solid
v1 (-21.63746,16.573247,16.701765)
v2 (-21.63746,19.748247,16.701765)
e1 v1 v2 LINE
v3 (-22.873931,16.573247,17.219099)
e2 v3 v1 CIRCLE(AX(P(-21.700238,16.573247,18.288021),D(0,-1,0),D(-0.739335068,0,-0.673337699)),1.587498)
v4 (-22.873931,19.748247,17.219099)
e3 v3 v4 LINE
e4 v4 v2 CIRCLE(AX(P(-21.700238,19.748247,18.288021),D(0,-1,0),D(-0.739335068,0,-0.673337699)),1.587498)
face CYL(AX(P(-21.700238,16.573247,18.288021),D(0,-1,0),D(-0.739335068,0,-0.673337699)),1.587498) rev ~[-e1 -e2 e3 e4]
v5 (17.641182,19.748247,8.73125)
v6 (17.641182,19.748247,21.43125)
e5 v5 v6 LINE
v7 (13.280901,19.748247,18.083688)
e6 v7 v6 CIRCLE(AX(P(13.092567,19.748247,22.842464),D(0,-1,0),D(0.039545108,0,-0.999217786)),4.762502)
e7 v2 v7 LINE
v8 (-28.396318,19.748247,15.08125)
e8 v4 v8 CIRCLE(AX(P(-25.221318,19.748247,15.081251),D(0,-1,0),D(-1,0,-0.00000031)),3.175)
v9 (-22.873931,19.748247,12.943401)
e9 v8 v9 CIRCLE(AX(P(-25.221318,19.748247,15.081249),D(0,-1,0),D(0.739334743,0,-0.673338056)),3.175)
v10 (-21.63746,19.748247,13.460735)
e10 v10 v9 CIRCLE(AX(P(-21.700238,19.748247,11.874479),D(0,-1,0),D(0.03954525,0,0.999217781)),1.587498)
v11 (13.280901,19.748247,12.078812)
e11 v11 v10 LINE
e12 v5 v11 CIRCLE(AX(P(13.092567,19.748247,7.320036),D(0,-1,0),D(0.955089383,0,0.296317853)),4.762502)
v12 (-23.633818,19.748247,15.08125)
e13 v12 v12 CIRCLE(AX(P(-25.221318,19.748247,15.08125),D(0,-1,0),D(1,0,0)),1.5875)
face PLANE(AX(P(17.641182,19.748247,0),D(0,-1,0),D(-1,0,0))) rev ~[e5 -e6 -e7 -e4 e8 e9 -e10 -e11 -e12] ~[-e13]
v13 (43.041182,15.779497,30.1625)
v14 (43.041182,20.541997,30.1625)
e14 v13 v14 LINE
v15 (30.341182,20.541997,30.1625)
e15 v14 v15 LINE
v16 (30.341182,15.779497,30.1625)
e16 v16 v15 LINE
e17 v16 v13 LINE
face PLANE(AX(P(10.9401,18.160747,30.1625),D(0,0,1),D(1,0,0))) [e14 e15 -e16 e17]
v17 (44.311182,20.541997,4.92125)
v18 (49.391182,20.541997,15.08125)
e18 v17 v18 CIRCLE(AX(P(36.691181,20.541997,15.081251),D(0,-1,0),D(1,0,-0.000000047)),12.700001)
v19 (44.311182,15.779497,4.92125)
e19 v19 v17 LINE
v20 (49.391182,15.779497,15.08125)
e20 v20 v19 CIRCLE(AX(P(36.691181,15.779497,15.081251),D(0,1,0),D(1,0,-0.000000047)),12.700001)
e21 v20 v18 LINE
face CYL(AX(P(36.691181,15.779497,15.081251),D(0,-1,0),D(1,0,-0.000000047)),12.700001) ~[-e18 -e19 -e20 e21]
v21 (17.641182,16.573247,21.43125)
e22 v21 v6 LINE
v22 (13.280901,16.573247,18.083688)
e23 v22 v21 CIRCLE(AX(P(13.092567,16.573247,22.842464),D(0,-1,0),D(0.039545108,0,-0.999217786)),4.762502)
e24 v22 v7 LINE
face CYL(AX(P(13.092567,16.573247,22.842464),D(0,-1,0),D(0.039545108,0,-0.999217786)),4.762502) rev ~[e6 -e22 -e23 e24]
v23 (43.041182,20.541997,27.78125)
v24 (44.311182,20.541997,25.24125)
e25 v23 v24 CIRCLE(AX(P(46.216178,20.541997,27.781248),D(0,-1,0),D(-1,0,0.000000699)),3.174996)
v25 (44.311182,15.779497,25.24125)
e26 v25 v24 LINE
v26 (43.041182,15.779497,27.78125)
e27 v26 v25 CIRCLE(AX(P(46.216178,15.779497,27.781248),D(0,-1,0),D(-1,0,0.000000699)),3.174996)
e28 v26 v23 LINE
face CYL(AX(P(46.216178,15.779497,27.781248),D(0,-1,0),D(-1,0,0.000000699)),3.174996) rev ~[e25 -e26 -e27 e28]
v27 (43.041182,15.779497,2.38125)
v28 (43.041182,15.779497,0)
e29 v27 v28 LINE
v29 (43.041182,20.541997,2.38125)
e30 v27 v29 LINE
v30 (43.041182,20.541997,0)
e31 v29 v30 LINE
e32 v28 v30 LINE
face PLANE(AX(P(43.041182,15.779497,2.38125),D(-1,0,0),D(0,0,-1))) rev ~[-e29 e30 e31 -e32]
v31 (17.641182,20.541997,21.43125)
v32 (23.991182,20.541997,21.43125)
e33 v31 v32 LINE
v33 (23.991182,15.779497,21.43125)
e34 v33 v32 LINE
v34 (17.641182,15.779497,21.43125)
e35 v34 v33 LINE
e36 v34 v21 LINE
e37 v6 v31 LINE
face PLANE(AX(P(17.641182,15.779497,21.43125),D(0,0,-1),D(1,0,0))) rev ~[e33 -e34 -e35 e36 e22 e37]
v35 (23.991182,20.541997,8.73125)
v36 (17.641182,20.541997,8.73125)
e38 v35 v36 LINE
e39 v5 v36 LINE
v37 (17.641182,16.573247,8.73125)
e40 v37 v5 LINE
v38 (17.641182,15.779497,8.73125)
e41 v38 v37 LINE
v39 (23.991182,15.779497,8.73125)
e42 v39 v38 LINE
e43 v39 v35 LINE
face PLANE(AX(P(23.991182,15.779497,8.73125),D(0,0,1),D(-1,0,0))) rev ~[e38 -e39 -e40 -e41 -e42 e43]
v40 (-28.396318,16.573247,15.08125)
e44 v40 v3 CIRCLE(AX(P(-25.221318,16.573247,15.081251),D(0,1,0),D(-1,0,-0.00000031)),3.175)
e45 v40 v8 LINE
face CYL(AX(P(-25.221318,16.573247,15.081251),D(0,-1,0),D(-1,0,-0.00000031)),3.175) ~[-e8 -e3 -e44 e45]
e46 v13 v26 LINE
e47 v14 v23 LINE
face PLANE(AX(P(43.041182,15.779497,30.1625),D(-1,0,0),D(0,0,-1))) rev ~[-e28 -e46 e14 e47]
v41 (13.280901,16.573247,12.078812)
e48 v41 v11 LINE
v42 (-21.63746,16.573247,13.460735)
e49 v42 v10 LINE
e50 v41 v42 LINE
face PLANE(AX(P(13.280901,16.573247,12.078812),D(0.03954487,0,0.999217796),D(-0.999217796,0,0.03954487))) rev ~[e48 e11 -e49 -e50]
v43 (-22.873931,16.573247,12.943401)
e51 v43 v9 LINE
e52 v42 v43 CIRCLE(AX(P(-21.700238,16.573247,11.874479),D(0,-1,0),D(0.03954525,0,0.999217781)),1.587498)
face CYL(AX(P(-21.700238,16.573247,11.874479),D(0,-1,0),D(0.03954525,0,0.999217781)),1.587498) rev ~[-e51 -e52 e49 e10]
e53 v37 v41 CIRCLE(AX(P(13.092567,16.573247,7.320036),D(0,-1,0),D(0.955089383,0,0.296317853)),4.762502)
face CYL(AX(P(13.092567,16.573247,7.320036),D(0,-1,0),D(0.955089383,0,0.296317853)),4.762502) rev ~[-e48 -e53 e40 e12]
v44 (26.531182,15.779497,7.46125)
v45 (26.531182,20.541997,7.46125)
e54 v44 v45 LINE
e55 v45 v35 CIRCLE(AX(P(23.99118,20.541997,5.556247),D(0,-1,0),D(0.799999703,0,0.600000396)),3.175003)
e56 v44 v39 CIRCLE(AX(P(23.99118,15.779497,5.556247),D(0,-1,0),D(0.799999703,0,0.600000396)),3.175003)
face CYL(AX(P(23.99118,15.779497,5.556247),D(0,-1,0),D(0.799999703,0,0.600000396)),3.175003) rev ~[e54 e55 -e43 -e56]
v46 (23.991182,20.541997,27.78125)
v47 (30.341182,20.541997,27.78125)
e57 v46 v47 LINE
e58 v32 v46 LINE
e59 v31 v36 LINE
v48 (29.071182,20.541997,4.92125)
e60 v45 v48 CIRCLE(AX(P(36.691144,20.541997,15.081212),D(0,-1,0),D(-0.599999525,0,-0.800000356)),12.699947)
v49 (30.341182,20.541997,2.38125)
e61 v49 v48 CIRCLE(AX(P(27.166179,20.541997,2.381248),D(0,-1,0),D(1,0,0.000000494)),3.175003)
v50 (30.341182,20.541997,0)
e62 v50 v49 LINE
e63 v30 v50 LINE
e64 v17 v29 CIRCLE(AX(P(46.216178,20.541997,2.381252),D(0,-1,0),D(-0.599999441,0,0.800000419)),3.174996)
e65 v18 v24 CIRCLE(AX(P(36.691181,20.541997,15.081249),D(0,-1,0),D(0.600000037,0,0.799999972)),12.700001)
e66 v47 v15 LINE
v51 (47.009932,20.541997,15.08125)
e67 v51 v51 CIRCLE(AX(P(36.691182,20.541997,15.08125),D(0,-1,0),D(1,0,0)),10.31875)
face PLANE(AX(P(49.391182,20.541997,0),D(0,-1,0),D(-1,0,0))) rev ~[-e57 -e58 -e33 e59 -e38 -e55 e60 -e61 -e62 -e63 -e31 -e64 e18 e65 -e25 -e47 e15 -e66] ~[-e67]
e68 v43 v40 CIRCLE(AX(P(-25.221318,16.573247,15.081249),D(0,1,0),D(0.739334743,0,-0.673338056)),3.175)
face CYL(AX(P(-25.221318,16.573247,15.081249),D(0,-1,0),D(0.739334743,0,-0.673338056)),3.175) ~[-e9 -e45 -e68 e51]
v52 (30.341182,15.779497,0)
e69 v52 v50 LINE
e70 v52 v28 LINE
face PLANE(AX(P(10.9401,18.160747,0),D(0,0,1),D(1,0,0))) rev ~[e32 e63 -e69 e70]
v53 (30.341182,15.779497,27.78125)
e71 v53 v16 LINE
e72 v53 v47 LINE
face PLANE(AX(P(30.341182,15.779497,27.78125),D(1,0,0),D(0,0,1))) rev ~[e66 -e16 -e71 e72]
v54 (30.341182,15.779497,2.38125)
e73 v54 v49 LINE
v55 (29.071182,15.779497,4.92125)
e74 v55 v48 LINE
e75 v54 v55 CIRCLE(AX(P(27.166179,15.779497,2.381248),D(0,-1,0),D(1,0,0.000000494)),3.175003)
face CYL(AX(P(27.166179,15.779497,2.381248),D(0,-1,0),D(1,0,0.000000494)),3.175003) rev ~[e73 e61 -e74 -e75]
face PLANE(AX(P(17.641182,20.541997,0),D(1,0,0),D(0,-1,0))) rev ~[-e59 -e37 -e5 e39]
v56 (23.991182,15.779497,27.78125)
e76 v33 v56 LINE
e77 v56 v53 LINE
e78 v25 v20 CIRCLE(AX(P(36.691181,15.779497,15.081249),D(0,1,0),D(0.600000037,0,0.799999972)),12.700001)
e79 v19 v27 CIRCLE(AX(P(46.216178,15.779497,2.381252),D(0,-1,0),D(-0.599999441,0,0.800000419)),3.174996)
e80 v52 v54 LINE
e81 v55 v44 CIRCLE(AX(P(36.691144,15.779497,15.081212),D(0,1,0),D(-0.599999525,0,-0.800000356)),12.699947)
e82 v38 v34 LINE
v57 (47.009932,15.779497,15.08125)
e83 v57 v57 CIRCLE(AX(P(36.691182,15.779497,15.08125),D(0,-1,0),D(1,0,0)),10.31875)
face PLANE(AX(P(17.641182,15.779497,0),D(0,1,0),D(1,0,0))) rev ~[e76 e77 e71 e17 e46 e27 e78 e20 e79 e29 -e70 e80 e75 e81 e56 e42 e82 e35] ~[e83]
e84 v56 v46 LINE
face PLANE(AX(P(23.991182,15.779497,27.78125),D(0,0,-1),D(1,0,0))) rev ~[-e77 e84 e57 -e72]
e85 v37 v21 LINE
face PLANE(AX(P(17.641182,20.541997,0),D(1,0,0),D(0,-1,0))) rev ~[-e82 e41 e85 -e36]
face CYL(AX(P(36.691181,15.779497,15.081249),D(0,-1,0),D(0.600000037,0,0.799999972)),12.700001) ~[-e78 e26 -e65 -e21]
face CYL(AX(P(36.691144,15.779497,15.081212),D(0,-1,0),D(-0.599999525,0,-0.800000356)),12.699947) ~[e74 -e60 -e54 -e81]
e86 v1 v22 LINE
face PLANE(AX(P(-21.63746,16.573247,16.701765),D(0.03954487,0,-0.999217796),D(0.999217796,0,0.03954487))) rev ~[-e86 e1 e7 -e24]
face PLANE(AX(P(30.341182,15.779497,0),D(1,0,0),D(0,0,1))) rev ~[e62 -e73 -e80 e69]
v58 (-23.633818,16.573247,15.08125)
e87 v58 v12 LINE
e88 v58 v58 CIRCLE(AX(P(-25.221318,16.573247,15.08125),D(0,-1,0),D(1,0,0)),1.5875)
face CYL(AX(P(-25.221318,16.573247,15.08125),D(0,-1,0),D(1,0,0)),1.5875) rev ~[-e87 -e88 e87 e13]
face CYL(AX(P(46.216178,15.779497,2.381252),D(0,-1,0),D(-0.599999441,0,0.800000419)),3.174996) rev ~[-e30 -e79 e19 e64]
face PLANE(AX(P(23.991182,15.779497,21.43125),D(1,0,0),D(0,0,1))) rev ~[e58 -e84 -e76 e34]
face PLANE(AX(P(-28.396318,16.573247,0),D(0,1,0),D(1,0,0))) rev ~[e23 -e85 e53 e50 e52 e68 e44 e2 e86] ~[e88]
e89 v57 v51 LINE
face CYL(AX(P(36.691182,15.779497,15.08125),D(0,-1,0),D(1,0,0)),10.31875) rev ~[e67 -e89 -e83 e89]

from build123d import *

# Parameters (mm, degrees)
F1_DEPTH = 30.1625
F2_R     = 1.5875
F3_DEPTH = 25.4
F4_R     = 1.5875
F4_R_2   = 10.31875
F5_DEPTH = 25.4


with BuildPart() as f1:
    # F0 (on Top) → F1 (new body)
    with BuildSketch(Plane.XY):
        Polygon((17.641182, 19.748247), (-28.396318, 19.748247), (-28.396318, 16.573247), (17.641182, 16.573247), (17.641182, 15.779497), (49.391182, 15.779497), (49.391182, 20.541997), (17.641182, 20.541997), align=None)
    extrude(amount=F1_DEPTH)

    # F2 (on face) → F3 (cut)
    with BuildSketch(Plane.XZ.offset(-16.573247)):
        with Locations((-25.221318, 15.08125)):
            Circle(F2_R)
        with BuildLine():
            ThreePointArc((-28.396318, 15.08125), (-26.367545, 18.042127), (-22.873931, 17.219099))
            ThreePointArc((-22.873931, 17.219099), (-22.312971, 16.823539), (-21.63746, 16.701765))
            Line((-21.63746, 16.701765), (13.280901, 18.083688))
            ThreePointArc((13.280901, 18.083688), (15.992776, 19.064871), (17.641182, 21.43125))
            Line((17.641182, 21.43125), (17.641182, 30.1625))
            Line((17.641182, 30.1625), (-28.396318, 30.1625))
            Line((-28.396318, 30.1625), (-28.396318, 15.08125))
        make_face()
        with BuildLine():
            ThreePointArc((-21.63746, 13.460735), (-22.312971, 13.338961), (-22.873931, 12.943401))
            ThreePointArc((-22.873931, 12.943401), (-26.367545, 12.120373), (-28.396318, 15.08125))
            Line((-28.396318, 15.08125), (-28.396318, 0))
            Line((-28.396318, 0), (17.641182, 0))
            Line((17.641182, 0), (17.641182, 8.73125))
            ThreePointArc((17.641182, 8.73125), (15.992776, 11.097629), (13.280901, 12.078812))
            Line((13.280901, 12.078812), (-21.63746, 13.460735))
        make_face()
    extrude(amount=-F3_DEPTH, mode=Mode.SUBTRACT)

    # F4 (on face) → F5 (cut)
    with BuildSketch(Plane.XZ.offset(-15.779497)):
        with Locations((-25.221318, 15.08125)):
            Circle(F4_R)
        with BuildLine():
            ThreePointArc((44.311182, 25.24125), (48.050407, 20.760863), (49.391182, 15.08125))
            Line((49.391182, 15.08125), (49.391182, 30.1625))
            Line((49.391182, 30.1625), (43.041182, 30.1625))
            Line((43.041182, 30.1625), (43.041182, 27.78125))
            ThreePointArc((43.041182, 27.78125), (43.376375, 26.361347), (44.311182, 25.24125))
        make_face()
        Polygon((30.341182, 27.78125), (30.341182, 30.1625), (17.641182, 30.1625), (17.641182, 21.43125), (23.991182, 21.43125), (23.991182, 27.78125), align=None)
        with BuildLine():
            Line((49.391182, 0), (49.391182, 15.08125))
            ThreePointArc((49.391182, 15.08125), (48.050407, 9.401637), (44.311182, 4.92125))
            ThreePointArc((44.311182, 4.92125), (43.376375, 3.801153), (43.041182, 2.38125))
            Line((43.041182, 2.38125), (43.041182, 0))
            Line((43.041182, 0), (49.391182, 0))
        make_face()
        with BuildLine():
            Line((17.641182, 0), (30.341182, 0))
            Line((30.341182, 0), (30.341182, 2.38125))
            ThreePointArc((30.341182, 2.38125), (30.005988, 3.801153), (29.071182, 4.92125))
            ThreePointArc((29.071182, 4.92125), (27.710925, 6.100994), (26.531182, 7.46125))
            ThreePointArc((26.531182, 7.46125), (25.411085, 8.396056), (23.991182, 8.73125))
            Line((23.991182, 8.73125), (17.641182, 8.73125))
            Line((17.641182, 8.73125), (17.641182, 0))
        make_face()
        with Locations((36.691182, 15.08125)):
            Circle(F4_R_2)
    extrude(amount=-F5_DEPTH, mode=Mode.SUBTRACT)


solid = f1.part
